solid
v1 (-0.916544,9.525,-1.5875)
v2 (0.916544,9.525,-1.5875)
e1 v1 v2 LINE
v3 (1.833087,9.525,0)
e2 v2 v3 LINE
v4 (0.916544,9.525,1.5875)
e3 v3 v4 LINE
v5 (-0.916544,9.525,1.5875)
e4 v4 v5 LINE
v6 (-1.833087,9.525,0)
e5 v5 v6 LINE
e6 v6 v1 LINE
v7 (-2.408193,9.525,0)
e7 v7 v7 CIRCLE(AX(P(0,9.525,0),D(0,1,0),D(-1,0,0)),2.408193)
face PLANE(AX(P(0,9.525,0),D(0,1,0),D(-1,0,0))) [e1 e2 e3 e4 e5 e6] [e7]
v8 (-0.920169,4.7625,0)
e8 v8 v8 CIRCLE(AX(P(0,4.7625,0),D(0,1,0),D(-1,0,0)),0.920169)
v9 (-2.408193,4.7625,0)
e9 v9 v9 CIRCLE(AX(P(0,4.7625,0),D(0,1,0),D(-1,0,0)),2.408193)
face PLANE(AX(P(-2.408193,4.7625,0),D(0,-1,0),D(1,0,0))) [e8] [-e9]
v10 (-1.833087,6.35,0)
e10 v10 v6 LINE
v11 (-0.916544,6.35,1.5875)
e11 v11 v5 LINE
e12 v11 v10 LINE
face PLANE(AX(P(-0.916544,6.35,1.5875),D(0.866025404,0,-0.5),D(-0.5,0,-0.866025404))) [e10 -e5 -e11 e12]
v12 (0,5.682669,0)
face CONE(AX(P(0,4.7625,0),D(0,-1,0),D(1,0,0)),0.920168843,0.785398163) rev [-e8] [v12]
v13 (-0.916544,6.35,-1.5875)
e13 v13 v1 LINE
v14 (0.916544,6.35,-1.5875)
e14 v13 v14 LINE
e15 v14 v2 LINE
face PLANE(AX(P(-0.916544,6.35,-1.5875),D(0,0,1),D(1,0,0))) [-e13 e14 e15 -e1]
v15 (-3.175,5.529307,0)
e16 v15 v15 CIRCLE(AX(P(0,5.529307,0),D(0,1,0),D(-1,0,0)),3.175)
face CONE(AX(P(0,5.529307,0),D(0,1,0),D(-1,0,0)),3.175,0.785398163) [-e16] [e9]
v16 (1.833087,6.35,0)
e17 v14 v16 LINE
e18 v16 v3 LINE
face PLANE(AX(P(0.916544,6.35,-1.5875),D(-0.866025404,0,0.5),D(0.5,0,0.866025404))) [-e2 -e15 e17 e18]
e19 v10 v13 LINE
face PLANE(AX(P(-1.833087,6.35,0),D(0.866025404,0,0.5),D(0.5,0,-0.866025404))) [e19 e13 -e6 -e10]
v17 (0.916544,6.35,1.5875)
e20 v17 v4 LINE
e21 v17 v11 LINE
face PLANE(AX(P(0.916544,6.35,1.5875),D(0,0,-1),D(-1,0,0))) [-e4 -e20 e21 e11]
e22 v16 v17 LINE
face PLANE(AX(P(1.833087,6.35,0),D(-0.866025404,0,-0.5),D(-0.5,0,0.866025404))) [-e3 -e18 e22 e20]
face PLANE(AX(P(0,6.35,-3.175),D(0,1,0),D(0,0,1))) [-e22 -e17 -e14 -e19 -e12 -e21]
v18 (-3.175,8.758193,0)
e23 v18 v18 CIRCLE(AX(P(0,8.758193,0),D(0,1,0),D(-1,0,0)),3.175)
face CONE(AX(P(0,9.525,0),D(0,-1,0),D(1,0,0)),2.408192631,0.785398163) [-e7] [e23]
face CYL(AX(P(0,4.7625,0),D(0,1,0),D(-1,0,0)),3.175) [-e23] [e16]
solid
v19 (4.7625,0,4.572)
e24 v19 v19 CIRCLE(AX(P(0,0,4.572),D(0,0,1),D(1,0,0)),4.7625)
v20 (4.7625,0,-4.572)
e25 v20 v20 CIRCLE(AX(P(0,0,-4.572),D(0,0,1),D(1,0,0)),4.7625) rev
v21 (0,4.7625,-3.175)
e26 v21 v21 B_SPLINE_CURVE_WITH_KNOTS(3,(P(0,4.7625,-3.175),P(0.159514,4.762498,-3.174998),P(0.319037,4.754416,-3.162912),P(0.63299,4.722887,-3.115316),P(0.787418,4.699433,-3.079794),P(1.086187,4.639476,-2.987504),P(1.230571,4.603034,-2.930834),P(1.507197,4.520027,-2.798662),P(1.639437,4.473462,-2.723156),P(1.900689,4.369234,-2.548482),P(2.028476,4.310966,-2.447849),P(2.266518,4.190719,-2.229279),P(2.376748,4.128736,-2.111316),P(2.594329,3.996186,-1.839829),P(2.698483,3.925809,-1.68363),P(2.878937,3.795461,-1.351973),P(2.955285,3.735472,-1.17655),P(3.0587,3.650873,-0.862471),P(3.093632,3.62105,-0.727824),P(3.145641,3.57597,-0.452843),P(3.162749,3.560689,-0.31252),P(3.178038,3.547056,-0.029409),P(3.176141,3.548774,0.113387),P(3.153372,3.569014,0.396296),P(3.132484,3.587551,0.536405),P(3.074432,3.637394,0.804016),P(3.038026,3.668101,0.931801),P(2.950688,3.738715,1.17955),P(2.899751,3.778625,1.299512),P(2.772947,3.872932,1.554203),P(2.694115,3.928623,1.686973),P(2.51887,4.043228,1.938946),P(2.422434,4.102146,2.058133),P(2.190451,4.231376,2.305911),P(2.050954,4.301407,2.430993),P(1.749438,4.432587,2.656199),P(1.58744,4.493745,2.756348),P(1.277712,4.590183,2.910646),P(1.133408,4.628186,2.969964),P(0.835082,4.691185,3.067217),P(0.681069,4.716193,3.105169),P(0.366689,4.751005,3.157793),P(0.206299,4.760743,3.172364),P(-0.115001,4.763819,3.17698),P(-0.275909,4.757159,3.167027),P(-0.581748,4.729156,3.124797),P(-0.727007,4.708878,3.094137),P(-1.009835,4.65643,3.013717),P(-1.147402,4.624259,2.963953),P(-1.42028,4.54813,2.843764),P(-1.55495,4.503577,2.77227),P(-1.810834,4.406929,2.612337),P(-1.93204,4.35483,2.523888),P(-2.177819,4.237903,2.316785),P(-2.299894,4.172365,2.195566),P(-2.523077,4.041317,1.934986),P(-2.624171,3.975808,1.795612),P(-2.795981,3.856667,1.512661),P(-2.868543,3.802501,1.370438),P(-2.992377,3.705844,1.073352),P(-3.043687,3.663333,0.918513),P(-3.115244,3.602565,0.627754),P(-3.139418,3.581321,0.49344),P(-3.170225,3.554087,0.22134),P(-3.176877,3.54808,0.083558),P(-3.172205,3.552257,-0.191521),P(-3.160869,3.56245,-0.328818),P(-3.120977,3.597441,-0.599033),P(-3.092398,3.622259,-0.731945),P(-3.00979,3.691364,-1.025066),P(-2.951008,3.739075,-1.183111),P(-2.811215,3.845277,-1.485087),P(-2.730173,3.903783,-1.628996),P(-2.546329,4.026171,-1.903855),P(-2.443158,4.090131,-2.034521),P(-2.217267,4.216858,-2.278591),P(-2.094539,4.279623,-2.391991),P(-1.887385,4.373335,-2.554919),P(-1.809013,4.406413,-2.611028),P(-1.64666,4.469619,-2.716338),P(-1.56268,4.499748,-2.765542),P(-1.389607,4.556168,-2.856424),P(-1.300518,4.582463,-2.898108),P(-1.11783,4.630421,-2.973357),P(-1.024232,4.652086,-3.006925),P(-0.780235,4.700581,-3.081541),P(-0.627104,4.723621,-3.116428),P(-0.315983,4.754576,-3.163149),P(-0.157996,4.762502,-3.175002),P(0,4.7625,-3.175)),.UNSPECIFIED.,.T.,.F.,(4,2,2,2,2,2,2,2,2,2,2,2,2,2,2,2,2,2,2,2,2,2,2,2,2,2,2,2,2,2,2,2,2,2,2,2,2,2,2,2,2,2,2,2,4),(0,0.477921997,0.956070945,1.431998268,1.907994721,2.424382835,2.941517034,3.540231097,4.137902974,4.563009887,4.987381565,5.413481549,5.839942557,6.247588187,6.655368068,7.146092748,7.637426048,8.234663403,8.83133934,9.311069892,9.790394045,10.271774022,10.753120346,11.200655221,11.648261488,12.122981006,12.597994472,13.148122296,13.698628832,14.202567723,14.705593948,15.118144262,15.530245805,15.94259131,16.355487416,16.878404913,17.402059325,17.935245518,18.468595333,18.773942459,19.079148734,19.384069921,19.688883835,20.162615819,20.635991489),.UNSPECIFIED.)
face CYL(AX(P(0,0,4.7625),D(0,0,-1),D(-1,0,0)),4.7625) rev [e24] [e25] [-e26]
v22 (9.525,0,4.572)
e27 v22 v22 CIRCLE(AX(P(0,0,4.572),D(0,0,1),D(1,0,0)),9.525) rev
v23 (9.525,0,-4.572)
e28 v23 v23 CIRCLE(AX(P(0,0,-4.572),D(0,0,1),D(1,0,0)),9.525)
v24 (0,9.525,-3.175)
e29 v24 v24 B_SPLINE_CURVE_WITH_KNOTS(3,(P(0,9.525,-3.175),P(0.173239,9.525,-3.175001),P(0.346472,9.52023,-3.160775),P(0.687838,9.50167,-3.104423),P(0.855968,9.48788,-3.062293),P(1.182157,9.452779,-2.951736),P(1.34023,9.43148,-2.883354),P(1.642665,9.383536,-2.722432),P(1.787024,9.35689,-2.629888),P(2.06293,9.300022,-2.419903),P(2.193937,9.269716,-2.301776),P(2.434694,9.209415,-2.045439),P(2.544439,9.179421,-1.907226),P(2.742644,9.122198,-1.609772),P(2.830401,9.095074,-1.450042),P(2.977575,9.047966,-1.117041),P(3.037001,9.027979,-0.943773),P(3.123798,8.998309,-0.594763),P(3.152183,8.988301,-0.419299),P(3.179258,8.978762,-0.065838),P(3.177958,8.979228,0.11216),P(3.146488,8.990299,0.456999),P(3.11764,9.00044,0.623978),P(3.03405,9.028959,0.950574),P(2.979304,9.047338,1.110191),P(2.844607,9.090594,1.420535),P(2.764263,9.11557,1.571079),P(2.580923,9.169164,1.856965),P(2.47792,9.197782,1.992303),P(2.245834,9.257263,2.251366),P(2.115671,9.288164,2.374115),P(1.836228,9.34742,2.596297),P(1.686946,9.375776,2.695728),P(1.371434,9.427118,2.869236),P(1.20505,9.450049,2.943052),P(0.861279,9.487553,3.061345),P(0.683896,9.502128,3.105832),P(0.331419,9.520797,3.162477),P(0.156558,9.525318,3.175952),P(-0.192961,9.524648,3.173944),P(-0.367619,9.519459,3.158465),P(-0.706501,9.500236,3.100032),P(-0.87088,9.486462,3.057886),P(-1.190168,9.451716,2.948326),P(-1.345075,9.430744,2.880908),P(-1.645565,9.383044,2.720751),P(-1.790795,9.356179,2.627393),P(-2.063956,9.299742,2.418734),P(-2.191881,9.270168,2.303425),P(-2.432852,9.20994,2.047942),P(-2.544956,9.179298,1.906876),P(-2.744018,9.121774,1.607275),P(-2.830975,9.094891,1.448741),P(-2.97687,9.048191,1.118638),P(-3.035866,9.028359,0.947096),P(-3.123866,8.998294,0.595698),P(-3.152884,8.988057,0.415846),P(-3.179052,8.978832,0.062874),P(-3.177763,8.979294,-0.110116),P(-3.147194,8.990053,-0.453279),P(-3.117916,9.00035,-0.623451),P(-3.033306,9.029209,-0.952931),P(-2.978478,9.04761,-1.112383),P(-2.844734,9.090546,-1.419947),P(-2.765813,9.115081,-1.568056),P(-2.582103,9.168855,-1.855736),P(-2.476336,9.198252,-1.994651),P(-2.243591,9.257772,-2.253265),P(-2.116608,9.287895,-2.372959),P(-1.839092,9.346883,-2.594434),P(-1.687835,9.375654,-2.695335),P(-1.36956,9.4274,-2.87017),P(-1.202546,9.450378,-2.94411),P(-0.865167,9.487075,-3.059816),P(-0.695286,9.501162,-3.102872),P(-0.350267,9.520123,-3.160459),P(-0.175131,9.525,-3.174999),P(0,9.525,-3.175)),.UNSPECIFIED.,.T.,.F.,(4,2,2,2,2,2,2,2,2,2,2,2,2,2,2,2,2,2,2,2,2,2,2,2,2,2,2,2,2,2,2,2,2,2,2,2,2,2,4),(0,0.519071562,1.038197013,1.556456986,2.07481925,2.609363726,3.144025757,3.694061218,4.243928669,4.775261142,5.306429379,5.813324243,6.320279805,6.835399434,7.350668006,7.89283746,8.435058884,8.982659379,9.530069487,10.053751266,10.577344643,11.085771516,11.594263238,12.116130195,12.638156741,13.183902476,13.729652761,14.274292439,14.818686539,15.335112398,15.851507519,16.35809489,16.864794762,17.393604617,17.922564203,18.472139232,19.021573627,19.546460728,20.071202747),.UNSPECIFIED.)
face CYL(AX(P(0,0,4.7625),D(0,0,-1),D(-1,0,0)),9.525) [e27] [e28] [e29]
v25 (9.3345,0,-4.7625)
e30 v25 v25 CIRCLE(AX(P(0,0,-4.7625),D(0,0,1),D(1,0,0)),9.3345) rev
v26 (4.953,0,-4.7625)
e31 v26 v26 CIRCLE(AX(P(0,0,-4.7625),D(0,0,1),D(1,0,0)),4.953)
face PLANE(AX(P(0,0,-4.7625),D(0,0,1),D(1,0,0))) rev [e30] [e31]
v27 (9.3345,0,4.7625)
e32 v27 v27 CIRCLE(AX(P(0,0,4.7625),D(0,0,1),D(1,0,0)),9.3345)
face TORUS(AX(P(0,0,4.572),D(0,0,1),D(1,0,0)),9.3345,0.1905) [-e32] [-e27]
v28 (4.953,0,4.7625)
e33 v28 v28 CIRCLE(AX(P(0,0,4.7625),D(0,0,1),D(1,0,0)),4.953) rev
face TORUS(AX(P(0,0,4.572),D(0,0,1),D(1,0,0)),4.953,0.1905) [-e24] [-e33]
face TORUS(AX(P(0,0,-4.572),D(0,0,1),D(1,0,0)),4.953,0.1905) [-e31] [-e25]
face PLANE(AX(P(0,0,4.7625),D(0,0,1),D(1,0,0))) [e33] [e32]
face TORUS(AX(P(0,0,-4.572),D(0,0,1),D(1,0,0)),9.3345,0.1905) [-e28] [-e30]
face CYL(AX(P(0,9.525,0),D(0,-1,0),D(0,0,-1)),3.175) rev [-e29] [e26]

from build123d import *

# Parameters (mm, degrees)
SKETCH1_R          = 9.525
SKETCH1_R_2        = 4.7625
EXTRUDE1_DEPTH     = 4.7625
SKETCH2_R          = 3.175
CUT_EXTRUDE1_DEPTH = 10.525
FILLET1_R          = 0.1905
CUT_EXTRUDE2_DEPTH = 3.175


with BuildPart() as part:
    # Sketch1 → Extrude1 (new body, symmetric)
    with BuildSketch(Plane.XY):
        Circle(SKETCH1_R)
        Circle(SKETCH1_R_2, mode=Mode.SUBTRACT)
    extrude(amount=EXTRUDE1_DEPTH, both=True)

    # Sketch2 → Cut-Extrude1 (cut, through all)
    with BuildSketch(Plane(origin=(41.275, 0, 0), x_dir=(0, 0, -1), z_dir=(0, -1, 0))):
        with Locations((0, -41.275)):
            Circle(SKETCH2_R)
    extrude(amount=-CUT_EXTRUDE1_DEPTH, mode=Mode.SUBTRACT)

    # Fillet1
    fillet1_edges = [part.edges().sort_by_distance(p)[0] for p in [
        (-9.525, 0, -4.7625),
        (-9.525, 0, 4.7625),
        (-4.7625, 0, -4.7625),
        (-4.7625, 0, 4.7625),
    ]]
    fillet(fillet1_edges, radius=FILLET1_R)


with BuildPart() as body_2:
    # Sketch3 → Revolve1 (revolve)
    with BuildSketch(Plane.XY):
        Polygon((-2.408192631, 4.7625), (-0.920168843, 4.7625), (0, 5.682668843), (0, 9.525), (-2.408192631, 9.525), (-3.175, 8.758192631), (-3.175, 5.529307369), align=None)
    revolve(axis=Axis((0, 4.7625, 0), (0, -1, 0)))

    # Sketch4 → Cut-Extrude2 (cut)
    with BuildSketch(Plane(origin=(3.3734375, 9.525, 0), x_dir=(0, 0, -1), z_dir=(0, -1, 0))):
        Polygon((0, -1.540350395), (-1.5875, -2.456893948), (-1.5875, -4.289981052), (0, -5.206524605), (1.5875, -4.289981052), (1.5875, -2.456893948), align=None)
    extrude(amount=CUT_EXTRUDE2_DEPTH, mode=Mode.SUBTRACT)


solid = Compound([part.part, body_2.part])
